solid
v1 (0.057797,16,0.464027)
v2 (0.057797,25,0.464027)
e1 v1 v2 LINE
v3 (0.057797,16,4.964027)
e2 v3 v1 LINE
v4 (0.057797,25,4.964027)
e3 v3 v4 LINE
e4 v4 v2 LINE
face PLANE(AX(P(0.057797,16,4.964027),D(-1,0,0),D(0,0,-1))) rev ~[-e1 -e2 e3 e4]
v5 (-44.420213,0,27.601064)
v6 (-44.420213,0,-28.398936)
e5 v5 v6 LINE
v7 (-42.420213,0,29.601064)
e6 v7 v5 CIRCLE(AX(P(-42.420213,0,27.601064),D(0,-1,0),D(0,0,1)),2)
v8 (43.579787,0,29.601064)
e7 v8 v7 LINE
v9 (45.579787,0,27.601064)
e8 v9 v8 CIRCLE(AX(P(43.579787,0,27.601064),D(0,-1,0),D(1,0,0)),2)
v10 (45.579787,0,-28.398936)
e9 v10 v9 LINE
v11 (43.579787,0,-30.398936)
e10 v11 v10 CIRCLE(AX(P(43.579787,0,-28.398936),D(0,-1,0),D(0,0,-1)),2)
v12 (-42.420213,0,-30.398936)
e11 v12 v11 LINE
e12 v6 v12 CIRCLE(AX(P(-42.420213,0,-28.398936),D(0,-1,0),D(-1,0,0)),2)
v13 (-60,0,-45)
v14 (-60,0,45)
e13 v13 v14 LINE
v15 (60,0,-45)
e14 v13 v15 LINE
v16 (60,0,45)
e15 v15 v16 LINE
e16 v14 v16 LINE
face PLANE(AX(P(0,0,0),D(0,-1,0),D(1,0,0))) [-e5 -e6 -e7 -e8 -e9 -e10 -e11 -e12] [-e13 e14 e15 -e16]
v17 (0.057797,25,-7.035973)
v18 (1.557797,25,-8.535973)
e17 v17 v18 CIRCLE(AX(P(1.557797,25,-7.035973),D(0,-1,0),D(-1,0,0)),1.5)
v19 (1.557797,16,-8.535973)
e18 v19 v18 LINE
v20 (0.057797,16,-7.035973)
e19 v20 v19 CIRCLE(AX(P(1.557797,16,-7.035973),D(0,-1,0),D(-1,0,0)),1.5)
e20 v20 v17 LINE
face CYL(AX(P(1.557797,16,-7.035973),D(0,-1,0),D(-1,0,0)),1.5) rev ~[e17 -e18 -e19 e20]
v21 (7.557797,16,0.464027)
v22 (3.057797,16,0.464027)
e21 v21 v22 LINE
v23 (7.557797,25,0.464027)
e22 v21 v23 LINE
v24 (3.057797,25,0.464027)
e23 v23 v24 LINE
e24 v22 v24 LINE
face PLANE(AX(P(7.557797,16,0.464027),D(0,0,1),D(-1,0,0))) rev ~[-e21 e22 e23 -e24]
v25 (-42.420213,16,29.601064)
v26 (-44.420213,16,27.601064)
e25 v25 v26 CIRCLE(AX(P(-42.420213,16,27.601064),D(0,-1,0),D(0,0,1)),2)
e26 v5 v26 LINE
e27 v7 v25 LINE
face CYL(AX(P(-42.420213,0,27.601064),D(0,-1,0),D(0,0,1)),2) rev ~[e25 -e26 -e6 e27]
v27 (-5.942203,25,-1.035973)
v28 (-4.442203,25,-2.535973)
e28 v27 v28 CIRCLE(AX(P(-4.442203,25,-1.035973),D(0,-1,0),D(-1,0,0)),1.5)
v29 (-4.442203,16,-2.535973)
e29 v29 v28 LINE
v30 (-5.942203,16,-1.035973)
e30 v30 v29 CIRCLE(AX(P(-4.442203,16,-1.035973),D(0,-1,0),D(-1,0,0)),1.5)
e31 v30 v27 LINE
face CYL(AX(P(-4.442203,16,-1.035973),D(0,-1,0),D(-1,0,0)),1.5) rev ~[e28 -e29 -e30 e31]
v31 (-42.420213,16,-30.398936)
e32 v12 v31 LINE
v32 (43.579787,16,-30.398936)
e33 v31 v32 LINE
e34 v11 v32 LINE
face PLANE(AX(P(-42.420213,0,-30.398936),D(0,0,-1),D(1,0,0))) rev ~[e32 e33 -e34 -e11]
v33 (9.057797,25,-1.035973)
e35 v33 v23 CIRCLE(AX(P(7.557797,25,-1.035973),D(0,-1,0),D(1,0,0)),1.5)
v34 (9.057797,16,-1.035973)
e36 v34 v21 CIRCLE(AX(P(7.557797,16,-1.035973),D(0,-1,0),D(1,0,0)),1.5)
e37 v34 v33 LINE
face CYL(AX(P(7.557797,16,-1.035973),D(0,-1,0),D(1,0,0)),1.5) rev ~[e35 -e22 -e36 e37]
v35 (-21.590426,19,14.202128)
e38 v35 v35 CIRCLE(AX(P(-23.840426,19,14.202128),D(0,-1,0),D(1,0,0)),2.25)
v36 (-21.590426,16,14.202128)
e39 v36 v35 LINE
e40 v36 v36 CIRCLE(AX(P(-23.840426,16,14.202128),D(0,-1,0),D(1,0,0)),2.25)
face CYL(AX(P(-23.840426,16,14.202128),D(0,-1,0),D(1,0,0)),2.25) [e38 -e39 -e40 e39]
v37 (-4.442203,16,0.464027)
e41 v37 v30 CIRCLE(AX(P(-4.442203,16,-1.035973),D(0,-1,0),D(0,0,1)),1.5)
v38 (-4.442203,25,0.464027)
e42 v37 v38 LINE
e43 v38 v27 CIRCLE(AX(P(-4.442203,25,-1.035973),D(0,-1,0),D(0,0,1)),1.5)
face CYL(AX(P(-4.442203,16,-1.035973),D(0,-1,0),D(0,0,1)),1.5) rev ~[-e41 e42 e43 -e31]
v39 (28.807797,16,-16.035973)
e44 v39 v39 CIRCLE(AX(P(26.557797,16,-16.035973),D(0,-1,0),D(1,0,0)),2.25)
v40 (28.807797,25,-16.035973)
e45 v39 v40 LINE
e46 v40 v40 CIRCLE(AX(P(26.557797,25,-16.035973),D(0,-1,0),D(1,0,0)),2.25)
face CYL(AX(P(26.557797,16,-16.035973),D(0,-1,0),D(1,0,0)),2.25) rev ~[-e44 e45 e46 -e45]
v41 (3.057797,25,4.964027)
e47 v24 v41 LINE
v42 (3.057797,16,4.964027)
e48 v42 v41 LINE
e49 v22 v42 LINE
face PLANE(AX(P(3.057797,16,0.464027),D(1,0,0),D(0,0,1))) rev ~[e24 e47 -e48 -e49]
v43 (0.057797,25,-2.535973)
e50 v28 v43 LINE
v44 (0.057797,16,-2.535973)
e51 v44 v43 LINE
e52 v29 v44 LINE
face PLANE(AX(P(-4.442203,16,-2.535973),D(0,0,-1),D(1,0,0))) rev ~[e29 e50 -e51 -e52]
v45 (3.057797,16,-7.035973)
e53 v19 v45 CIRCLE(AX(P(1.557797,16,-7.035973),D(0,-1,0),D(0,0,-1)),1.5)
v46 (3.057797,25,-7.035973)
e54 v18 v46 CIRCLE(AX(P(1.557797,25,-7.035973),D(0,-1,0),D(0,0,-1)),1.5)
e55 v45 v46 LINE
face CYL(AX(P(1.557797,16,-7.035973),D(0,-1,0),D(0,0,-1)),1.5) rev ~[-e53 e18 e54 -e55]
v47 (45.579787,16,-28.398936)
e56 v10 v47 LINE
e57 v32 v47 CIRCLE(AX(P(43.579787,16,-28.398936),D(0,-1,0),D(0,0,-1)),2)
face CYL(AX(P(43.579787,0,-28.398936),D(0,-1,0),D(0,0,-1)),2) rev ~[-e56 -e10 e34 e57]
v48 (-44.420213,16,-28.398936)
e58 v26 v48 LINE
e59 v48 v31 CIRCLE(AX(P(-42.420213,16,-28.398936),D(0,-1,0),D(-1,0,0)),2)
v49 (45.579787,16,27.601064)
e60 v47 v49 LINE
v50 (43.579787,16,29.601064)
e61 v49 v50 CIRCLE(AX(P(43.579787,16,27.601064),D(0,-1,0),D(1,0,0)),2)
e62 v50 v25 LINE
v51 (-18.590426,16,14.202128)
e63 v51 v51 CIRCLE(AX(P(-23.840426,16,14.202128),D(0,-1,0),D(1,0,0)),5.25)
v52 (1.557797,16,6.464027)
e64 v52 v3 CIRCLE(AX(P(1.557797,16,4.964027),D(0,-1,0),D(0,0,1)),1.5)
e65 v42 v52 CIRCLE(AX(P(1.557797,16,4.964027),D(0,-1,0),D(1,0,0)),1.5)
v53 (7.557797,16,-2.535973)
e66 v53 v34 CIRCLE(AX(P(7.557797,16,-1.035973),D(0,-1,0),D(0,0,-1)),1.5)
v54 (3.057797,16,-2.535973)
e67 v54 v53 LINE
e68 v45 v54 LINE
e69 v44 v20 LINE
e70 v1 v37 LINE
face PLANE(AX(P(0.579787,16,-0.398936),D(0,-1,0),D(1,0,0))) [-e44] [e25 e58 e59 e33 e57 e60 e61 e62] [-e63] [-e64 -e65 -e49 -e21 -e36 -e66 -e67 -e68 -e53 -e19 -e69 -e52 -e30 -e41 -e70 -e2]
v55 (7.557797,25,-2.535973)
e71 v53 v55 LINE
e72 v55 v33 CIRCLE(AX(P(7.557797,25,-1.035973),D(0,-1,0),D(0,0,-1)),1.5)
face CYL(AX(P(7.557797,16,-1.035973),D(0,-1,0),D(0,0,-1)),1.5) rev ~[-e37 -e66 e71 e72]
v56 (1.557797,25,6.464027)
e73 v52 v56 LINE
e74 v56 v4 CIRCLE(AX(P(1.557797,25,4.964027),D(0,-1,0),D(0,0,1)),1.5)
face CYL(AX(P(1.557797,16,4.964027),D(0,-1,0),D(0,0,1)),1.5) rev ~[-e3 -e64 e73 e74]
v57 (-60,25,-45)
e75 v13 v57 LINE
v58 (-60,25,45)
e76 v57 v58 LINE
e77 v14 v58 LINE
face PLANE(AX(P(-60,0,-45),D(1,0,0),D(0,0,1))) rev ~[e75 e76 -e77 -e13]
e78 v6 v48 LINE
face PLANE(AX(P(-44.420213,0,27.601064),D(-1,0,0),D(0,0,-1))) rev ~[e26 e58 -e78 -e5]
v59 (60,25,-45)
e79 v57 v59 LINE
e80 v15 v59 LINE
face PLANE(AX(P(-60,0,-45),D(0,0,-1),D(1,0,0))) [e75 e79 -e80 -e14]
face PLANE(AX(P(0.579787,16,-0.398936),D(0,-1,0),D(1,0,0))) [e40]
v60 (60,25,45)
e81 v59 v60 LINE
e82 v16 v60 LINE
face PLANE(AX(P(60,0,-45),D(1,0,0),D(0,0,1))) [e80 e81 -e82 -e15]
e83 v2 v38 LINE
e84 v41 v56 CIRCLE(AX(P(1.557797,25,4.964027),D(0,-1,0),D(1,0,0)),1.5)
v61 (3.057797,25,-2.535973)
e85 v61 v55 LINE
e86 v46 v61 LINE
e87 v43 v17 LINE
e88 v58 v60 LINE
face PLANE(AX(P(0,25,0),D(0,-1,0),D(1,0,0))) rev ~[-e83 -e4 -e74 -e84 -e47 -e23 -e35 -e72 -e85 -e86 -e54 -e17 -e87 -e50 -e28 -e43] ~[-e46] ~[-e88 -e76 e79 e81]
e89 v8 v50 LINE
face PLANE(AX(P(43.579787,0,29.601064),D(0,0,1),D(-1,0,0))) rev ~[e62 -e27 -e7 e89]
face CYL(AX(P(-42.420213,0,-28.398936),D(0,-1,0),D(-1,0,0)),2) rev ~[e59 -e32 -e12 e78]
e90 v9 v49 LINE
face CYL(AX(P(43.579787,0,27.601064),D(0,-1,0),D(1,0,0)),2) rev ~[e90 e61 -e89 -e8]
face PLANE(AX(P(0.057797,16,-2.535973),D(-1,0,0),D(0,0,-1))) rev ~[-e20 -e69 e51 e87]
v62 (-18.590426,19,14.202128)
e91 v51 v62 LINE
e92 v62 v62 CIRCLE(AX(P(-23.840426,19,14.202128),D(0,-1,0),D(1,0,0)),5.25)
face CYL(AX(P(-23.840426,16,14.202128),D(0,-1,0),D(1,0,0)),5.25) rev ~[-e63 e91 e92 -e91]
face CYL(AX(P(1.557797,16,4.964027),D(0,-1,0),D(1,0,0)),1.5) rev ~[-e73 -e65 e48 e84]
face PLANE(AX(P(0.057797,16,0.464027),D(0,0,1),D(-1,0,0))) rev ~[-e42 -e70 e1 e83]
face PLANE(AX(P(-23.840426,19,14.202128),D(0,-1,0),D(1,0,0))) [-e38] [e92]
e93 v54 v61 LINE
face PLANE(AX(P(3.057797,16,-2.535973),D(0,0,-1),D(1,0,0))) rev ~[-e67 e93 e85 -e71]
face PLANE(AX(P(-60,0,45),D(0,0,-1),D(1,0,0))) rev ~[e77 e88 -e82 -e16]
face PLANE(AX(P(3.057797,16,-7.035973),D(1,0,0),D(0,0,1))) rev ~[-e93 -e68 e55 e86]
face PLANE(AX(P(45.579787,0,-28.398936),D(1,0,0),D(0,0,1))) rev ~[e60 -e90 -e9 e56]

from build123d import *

# Parameters (mm, degrees)
F0_W     = 120
F0_H     = 90
F0_R     = 2.25
F0_R_2   = 5.25
F1_DEPTH = 25
F2_R     = 2.25
F2_R_2   = 5.25
F3_DEPTH = 16
F4_R     = 5.25
F4_R_2   = 2.25
F5_DEPTH = 3
F6_R     = 2.25
F7_DEPTH = 9.001


with BuildPart() as f1:
    # F0 (on Front) → F1 (new body)
    with BuildSketch(Plane.XZ):
        Rectangle(F0_W, F0_H)
        with BuildLine():
            Line((-43, 30), (43, 30))
            ThreePointArc((43, 30), (44.4142135624, 29.4142135624), (45, 28))
            Line((45, 28), (45, -28))
            ThreePointArc((45, -28), (44.4142135624, -29.4142135624), (43, -30))
            Line((43, -30), (-43, -30))
            ThreePointArc((-43, -30), (-44.4142135624, -29.4142135624), (-45, -28))
            Line((-45, -28), (-45, 28))
            ThreePointArc((-45, 28), (-44.4142135624, 29.4142135624), (-43, 30))
        make_face(mode=Mode.SUBTRACT)
        with BuildLine():
            ThreePointArc((45, 28), (44.4142135624, 29.4142135624), (43, 30))
            Line((43, 30), (-43, 30))
            ThreePointArc((-43, 30), (-44.4142135624, 29.4142135624), (-45, 28))
            Line((-45, 28), (-45, -28))
            ThreePointArc((-45, -28), (-44.4142135624, -29.4142135624), (-43, -30))
            Line((-43, -30), (43, -30))
            ThreePointArc((43, -30), (44.4142135624, -29.4142135624), (45, -28))
            Line((45, -28), (45, 28))
        make_face()
        with Locations((25, -15)):
            Circle(F0_R, mode=Mode.SUBTRACT)
        with Locations((-25, 15)):
            Circle(F0_R_2, mode=Mode.SUBTRACT)
        with BuildLine():
            Line((1.5, 1.5), (6, 1.5))
            ThreePointArc((6, 1.5), (7.0606601718, 1.0606601718), (7.5, 0))
            ThreePointArc((7.5, 0), (7.0606601718, -1.0606601718), (6, -1.5))
            Line((6, -1.5), (1.5, -1.5))
            Line((1.5, -1.5), (1.5, -6))
            ThreePointArc((1.5, -6), (1.0606601718, -7.0606601718), (0, -7.5))
            ThreePointArc((0, -7.5), (-1.0606601718, -7.0606601718), (-1.5, -6))
            Line((-1.5, -6), (-1.5, -1.5))
            Line((-1.5, -1.5), (-6, -1.5))
            ThreePointArc((-6, -1.5), (-7.0606601718, -1.0606601718), (-7.5, 0))
            ThreePointArc((-7.5, 0), (-7.0606601718, 1.0606601718), (-6, 1.5))
            Line((-6, 1.5), (-1.5, 1.5))
            Line((-1.5, 1.5), (-1.5, 6))
            ThreePointArc((-1.5, 6), (-1.0606601718, 7.0606601718), (0, 7.5))
            ThreePointArc((0, 7.5), (1.0606601718, 7.0606601718), (1.5, 6))
            Line((1.5, 6), (1.5, 1.5))
        make_face(mode=Mode.SUBTRACT)
        with Locations((-25, 15)):
            Circle(F0_R_2)
        with Locations((-25, 15)):
            Circle(F0_R, mode=Mode.SUBTRACT)
        with BuildLine():
            ThreePointArc((7.5, 0), (7.0606601718, 1.0606601718), (6, 1.5))
            Line((6, 1.5), (1.5, 1.5))
            Line((1.5, 1.5), (1.5, 6))
            ThreePointArc((1.5, 6), (1.0606601718, 7.0606601718), (0, 7.5))
            ThreePointArc((0, 7.5), (-1.0606601718, 7.0606601718), (-1.5, 6))
            Line((-1.5, 6), (-1.5, 1.5))
            Line((-1.5, 1.5), (-6, 1.5))
            ThreePointArc((-6, 1.5), (-7.0606601718, 1.0606601718), (-7.5, 0))
            ThreePointArc((-7.5, 0), (-7.0606601718, -1.0606601718), (-6, -1.5))
            Line((-6, -1.5), (-1.5, -1.5))
            Line((-1.5, -1.5), (-1.5, -6))
            ThreePointArc((-1.5, -6), (-1.0606601718, -7.0606601718), (0, -7.5))
            ThreePointArc((0, -7.5), (1.0606601718, -7.0606601718), (1.5, -6))
            Line((1.5, -6), (1.5, -1.5))
            Line((1.5, -1.5), (6, -1.5))
            ThreePointArc((6, -1.5), (7.0606601718, -1.0606601718), (7.5, 0))
        make_face()
        with Locations((-25, 15)):
            Circle(F0_R)
        with Locations((25, -15)):
            Circle(F0_R)
    extrude(amount=-F1_DEPTH)

    # F2 (on face) → F3 (cut)
    with BuildSketch(Plane.XZ):
        with BuildLine():
            ThreePointArc((45.579787234, 27.6010638298), (44.9940007964, 29.0152773922), (43.579787234, 29.6010638298))
            Line((43.579787234, 29.6010638298), (-42.420212766, 29.6010638298))
            ThreePointArc((-42.420212766, 29.6010638298), (-43.8344263283, 29.0152773922), (-44.420212766, 27.6010638298))
            Line((-44.420212766, 27.6010638298), (-44.420212766, -28.3989361702))
            ThreePointArc((-44.420212766, -28.3989361702), (-43.8344263283, -29.8131497326), (-42.420212766, -30.3989361702))
            Line((-42.420212766, -30.3989361702), (43.579787234, -30.3989361702))
            ThreePointArc((43.579787234, -30.3989361702), (44.9940007964, -29.8131497326), (45.579787234, -28.3989361702))
            Line((45.579787234, -28.3989361702), (45.579787234, 27.6010638298))
        make_face()
        with Locations((25.579787234, -15.3989361702)):
            Circle(F2_R, mode=Mode.SUBTRACT)
        with BuildLine():
            Line((2.079787234, 1.1010638298), (6.579787234, 1.1010638298))
            ThreePointArc((6.579787234, 1.1010638298), (7.6404474058, 0.6617240016), (8.079787234, -0.3989361702))
            ThreePointArc((8.079787234, -0.3989361702), (7.6404474058, -1.459596342), (6.579787234, -1.8989361702))
            Line((6.579787234, -1.8989361702), (2.079787234, -1.8989361702))
            Line((2.079787234, -1.8989361702), (2.079787234, -6.3989361702))
            ThreePointArc((2.079787234, -6.3989361702), (1.6404474058, -7.459596342), (0.579787234, -7.8989361702))
            ThreePointArc((0.579787234, -7.8989361702), (-0.4808729377, -7.459596342), (-0.920212766, -6.3989361702))
            Line((-0.920212766, -6.3989361702), (-0.920212766, -1.8989361702))
            Line((-0.920212766, -1.8989361702), (-5.420212766, -1.8989361702))
            ThreePointArc((-5.420212766, -1.8989361702), (-6.4808729377, -1.459596342), (-6.920212766, -0.3989361702))
            ThreePointArc((-6.920212766, -0.3989361702), (-6.4808729377, 0.6617240016), (-5.420212766, 1.1010638298))
            Line((-5.420212766, 1.1010638298), (-0.920212766, 1.1010638298))
            Line((-0.920212766, 1.1010638298), (-0.920212766, 5.6010638298))
            ThreePointArc((-0.920212766, 5.6010638298), (-0.4808729377, 6.6617240016), (0.579787234, 7.1010638298))
            ThreePointArc((0.579787234, 7.1010638298), (1.6404474058, 6.6617240016), (2.079787234, 5.6010638298))
            Line((2.079787234, 5.6010638298), (2.079787234, 1.1010638298))
        make_face(mode=Mode.SUBTRACT)
        with Locations((-24.420212766, 14.6010638298)):
            Circle(F2_R_2, mode=Mode.SUBTRACT)
        with Locations((-24.420212766, 14.6010638298)):
            Circle(F2_R_2)
        with Locations((-24.420212766, 14.6010638298)):
            Circle(F2_R, mode=Mode.SUBTRACT)
        with Locations((-24.420212766, 14.6010638298)):
            Circle(F2_R)
        with BuildLine():
            ThreePointArc((8.079787234, -0.3989361702), (7.6404474058, 0.6617240016), (6.579787234, 1.1010638298))
            Line((6.579787234, 1.1010638298), (2.079787234, 1.1010638298))
            Line((2.079787234, 1.1010638298), (2.079787234, 5.6010638298))
            ThreePointArc((2.079787234, 5.6010638298), (1.6404474058, 6.6617240016), (0.579787234, 7.1010638298))
            ThreePointArc((0.579787234, 7.1010638298), (-0.4808729377, 6.6617240016), (-0.920212766, 5.6010638298))
            Line((-0.920212766, 5.6010638298), (-0.920212766, 1.1010638298))
            Line((-0.920212766, 1.1010638298), (-5.420212766, 1.1010638298))
            ThreePointArc((-5.420212766, 1.1010638298), (-6.4808729377, 0.6617240016), (-6.920212766, -0.3989361702))
            ThreePointArc((-6.920212766, -0.3989361702), (-6.4808729377, -1.459596342), (-5.420212766, -1.8989361702))
            Line((-5.420212766, -1.8989361702), (-0.920212766, -1.8989361702))
            Line((-0.920212766, -1.8989361702), (-0.920212766, -6.3989361702))
            ThreePointArc((-0.920212766, -6.3989361702), (-0.4808729377, -7.459596342), (0.579787234, -7.8989361702))
            ThreePointArc((0.579787234, -7.8989361702), (1.6404474058, -7.459596342), (2.079787234, -6.3989361702))
            Line((2.079787234, -6.3989361702), (2.079787234, -1.8989361702))
            Line((2.079787234, -1.8989361702), (6.579787234, -1.8989361702))
            ThreePointArc((6.579787234, -1.8989361702), (7.6404474058, -1.459596342), (8.079787234, -0.3989361702))
        make_face()
        with Locations((25.579787234, -15.3989361702)):
            Circle(F2_R)
    extrude(amount=-F3_DEPTH, mode=Mode.SUBTRACT)

    # F4 (on face) → F5 (cut)
    with BuildSketch(Plane.XZ.offset(-16)):
        with Locations((-23.8404255319, 14.2021276596)):
            Circle(F4_R)
        with Locations((-23.8404255319, 14.2021276596)):
            Circle(F4_R_2, mode=Mode.SUBTRACT)
    extrude(amount=-F5_DEPTH, mode=Mode.SUBTRACT)

    # F6 (on face) → F7 (cut, through all)
    with BuildSketch(Plane.XZ.offset(-16)):
        with BuildLine():
            ThreePointArc((9.0577965574, -1.0359728926), (8.6184567292, 0.0246872792), (7.5577965574, 0.4640271074))
            Line((7.5577965574, 0.4640271074), (3.0577965574, 0.4640271074))
            Line((3.0577965574, 0.4640271074), (3.0577965574, 4.9640271074))
            ThreePointArc((3.0577965574, 4.9640271074), (2.6184567292, 6.0246872792), (1.5577965574, 6.4640271074))
            ThreePointArc((1.5577965574, 6.4640271074), (0.4971363856, 6.0246872792), (0.0577965574, 4.9640271074))
            Line((0.0577965574, 4.9640271074), (0.0577965574, 0.4640271074))
            Line((0.0577965574, 0.4640271074), (-4.4422034426, 0.4640271074))
            ThreePointArc((-4.4422034426, 0.4640271074), (-5.5028636144, 0.0246872792), (-5.9422034426, -1.0359728926))
            ThreePointArc((-5.9422034426, -1.0359728926), (-5.5028636144, -2.0966330644), (-4.4422034426, -2.5359728926))
            Line((-4.4422034426, -2.5359728926), (0.0577965574, -2.5359728926))
            Line((0.0577965574, -2.5359728926), (0.0577965574, -7.0359728926))
            ThreePointArc((0.0577965574, -7.0359728926), (0.4971363856, -8.0966330644), (1.5577965574, -8.5359728926))
            ThreePointArc((1.5577965574, -8.5359728926), (2.6184567292, -8.0966330644), (3.0577965574, -7.0359728926))
            Line((3.0577965574, -7.0359728926), (3.0577965574, -2.5359728926))
            Line((3.0577965574, -2.5359728926), (7.5577965574, -2.5359728926))
            ThreePointArc((7.5577965574, -2.5359728926), (8.6184567292, -2.0966330644), (9.0577965574, -1.0359728926))
        make_face()
        with Locations((26.5577965574, -16.0359728926)):
            Circle(F6_R)
    extrude(amount=-F7_DEPTH, mode=Mode.SUBTRACT)


solid = f1.part
